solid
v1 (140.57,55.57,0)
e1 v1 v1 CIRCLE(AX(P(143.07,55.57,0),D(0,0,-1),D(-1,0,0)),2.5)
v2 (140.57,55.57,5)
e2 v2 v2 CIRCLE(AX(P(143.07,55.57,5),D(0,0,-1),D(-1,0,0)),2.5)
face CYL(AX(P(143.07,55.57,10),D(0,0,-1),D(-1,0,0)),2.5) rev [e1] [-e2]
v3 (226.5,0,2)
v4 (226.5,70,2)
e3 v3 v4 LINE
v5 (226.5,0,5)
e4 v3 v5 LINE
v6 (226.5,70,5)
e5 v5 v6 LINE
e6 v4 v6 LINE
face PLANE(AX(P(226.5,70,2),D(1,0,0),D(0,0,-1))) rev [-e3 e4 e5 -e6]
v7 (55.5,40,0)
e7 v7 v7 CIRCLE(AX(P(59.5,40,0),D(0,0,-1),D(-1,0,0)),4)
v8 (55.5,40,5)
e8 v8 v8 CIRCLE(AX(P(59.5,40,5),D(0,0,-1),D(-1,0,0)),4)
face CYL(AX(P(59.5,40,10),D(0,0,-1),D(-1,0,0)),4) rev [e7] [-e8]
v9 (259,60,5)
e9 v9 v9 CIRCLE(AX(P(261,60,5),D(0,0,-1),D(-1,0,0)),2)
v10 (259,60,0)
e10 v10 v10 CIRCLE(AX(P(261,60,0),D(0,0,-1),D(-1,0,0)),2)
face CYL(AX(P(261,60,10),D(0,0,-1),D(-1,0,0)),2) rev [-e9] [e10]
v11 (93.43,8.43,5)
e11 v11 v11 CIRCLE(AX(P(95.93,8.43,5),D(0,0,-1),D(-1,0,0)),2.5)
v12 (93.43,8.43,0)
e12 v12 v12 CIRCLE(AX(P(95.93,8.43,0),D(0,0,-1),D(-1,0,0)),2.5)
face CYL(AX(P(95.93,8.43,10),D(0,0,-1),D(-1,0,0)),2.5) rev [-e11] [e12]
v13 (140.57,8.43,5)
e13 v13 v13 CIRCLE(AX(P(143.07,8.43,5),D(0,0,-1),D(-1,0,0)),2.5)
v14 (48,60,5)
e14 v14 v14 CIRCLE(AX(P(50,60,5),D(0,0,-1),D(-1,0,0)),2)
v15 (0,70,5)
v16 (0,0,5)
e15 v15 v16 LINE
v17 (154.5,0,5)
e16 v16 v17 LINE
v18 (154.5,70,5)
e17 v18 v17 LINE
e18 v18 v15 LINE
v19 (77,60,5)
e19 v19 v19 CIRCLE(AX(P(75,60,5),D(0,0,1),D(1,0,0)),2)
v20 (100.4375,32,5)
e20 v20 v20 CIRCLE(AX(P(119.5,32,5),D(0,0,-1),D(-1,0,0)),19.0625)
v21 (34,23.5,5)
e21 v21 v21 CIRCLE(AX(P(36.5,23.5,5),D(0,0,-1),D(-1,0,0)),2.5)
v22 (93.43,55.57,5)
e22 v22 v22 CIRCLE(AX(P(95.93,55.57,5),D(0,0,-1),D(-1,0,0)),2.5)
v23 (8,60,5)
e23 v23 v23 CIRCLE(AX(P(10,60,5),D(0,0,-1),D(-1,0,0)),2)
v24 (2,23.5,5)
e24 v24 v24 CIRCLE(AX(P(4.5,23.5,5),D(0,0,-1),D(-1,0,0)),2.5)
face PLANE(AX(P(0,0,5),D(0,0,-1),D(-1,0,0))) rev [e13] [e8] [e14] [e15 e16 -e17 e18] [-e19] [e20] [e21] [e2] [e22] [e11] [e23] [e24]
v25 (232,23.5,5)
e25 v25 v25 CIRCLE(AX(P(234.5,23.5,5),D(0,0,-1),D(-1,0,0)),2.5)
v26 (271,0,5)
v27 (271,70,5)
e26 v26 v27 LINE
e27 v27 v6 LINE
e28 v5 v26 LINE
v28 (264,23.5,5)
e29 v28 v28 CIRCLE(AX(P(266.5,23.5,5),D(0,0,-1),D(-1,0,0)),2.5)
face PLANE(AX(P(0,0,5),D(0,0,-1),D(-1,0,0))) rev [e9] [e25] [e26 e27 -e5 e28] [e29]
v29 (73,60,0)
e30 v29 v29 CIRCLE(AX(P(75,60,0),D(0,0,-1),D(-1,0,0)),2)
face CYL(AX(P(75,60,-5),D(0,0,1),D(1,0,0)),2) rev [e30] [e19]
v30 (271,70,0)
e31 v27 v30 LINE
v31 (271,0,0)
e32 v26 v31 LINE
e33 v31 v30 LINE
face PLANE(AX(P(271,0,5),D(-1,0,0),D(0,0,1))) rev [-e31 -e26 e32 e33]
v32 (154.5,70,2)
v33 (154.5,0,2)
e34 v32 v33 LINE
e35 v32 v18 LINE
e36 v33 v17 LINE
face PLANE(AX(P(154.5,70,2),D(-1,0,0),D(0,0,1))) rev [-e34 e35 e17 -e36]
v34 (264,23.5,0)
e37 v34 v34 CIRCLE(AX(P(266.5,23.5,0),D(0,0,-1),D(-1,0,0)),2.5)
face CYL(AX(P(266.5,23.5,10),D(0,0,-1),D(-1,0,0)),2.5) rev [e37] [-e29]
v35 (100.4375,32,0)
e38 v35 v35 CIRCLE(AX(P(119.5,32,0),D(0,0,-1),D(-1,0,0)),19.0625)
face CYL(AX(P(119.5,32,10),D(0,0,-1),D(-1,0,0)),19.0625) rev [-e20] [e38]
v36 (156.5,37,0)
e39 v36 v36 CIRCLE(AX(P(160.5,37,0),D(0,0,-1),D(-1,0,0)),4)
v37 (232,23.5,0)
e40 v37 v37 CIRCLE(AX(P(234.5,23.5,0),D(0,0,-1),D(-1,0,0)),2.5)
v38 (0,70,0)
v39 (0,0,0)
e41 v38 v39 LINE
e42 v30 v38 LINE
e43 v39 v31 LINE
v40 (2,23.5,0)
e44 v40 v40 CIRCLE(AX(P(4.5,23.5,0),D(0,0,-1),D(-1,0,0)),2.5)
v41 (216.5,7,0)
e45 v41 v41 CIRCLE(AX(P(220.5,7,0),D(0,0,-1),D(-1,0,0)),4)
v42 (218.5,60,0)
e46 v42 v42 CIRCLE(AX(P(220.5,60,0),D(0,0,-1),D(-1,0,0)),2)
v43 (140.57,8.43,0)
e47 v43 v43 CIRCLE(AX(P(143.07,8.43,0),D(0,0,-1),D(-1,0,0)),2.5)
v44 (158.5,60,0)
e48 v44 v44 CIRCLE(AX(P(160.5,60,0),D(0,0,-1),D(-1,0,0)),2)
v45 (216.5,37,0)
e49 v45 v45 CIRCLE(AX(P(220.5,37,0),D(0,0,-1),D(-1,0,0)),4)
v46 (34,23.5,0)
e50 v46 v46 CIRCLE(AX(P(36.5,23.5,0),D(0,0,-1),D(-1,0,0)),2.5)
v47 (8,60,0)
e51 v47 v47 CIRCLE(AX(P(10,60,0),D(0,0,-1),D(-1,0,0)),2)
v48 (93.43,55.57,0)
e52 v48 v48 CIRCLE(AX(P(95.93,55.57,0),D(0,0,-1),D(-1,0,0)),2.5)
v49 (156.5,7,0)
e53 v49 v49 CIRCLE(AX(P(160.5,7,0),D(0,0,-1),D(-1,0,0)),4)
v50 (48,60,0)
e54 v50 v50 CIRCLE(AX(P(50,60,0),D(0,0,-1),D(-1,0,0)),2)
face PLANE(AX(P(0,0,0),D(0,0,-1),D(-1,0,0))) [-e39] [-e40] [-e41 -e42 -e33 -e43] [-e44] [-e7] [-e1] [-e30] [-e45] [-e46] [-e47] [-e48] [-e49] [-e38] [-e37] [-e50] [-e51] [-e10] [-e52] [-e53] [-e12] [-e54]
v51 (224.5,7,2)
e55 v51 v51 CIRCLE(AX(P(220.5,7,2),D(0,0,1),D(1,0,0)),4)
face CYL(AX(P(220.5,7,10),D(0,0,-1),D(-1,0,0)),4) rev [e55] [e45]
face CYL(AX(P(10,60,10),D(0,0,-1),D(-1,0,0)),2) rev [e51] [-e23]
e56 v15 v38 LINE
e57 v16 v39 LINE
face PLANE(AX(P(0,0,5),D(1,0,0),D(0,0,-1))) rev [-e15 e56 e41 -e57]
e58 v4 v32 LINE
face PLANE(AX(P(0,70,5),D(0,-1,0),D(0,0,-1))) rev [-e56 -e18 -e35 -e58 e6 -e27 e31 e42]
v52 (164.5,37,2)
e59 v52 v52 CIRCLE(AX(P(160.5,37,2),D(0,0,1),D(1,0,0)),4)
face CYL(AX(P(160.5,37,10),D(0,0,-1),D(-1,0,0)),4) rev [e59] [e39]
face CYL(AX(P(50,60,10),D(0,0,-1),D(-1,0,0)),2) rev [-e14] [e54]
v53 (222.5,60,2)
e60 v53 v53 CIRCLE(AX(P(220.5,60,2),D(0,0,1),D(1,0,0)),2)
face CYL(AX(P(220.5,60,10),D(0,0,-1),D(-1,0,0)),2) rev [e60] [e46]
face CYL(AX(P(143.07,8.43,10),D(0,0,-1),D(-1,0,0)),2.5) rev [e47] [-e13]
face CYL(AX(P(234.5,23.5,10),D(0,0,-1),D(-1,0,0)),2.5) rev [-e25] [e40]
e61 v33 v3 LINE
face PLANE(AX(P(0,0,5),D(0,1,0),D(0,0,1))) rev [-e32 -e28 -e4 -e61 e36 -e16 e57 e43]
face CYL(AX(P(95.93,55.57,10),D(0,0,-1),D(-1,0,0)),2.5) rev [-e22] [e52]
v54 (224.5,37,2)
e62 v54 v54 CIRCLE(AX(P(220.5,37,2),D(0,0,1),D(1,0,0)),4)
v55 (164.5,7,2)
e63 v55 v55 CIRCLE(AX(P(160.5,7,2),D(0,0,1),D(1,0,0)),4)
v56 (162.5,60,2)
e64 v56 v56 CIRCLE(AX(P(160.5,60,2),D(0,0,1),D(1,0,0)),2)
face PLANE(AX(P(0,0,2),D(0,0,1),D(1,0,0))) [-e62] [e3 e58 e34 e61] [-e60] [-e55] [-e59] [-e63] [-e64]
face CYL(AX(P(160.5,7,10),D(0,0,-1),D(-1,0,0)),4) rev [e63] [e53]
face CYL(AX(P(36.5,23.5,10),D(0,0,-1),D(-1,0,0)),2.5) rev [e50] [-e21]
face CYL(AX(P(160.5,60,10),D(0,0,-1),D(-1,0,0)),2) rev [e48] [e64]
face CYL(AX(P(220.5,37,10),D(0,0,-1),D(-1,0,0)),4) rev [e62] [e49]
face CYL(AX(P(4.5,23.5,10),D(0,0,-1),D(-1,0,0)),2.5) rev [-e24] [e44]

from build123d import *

# Parameters (mm, degrees)
SKIZZE1_W                       = 271
SKIZZE1_H                       = 70
AUFSATZ_LINEAR_AUSTRAGEN1_DEPTH = 5
SKIZZE2_W                       = 72
SKIZZE2_H                       = 70
SCHNITT_LINEAR_AUSTRAGEN1_DEPTH = 3
SKIZZE3_R                       = 4
SCHNITT_LINEAR_AUSTRAGEN2_DEPTH = 10
SKIZZE4_R                       = 2.5
SCHNITT_LINEAR_AUSTRAGEN3_DEPTH = 10
SKIZZE5_R                       = 2.5
SCHNITT_LINEAR_AUSTRAGEN4_DEPTH = 10
SKIZZE6_R                       = 2
SCHNITT_LINEAR_AUSTRAGEN5_DEPTH = 10
SKIZZE7_R                       = 19.0625
SKIZZE7_R_2                     = 2.5
SCHNITT_LINEAR_AUSTRAGEN6_DEPTH = 10
SKIZZE8_R                       = 4
SCHNITT_LINEAR_AUSTRAGEN7_DEPTH = 10
SKIZZE9_R                       = 2
SCHNITT_LINEAR_AUSTRAGEN8_DEPTH = 10


with BuildPart() as part:
    # Skizze1 → Aufsatz-Linear austragen1 (new body)
    with BuildSketch(Plane.XY):
        with Locations((135.5, 35)):
            Rectangle(SKIZZE1_W, SKIZZE1_H)
    extrude(amount=AUFSATZ_LINEAR_AUSTRAGEN1_DEPTH)

    # Skizze2 → Schnitt-Linear austragen1 (cut)
    with BuildSketch(Plane.XY.offset(5)):
        with Locations((190.5, 35)):
            Rectangle(SKIZZE2_W, SKIZZE2_H)
    extrude(amount=-SCHNITT_LINEAR_AUSTRAGEN1_DEPTH, mode=Mode.SUBTRACT)

    # Skizze3 → Schnitt-Linear austragen2 (cut)
    with BuildSketch(Plane(origin=(0, 0, 0), x_dir=(-1, 0, 0), z_dir=(0, 0, -1))):
        with Locations((-160.5, 37)):
            Circle(SKIZZE3_R)
        with Locations((-220.5, 37)):
            Circle(SKIZZE3_R)
        with Locations((-220.5, 7)):
            Circle(SKIZZE3_R)
        with Locations((-160.5, 7)):
            Circle(SKIZZE3_R)
    extrude(amount=-SCHNITT_LINEAR_AUSTRAGEN2_DEPTH, mode=Mode.SUBTRACT)

    # Skizze4 → Schnitt-Linear austragen3 (cut)
    with BuildSketch(Plane(origin=(0, 0, 0), x_dir=(-1, 0, 0), z_dir=(0, 0, -1))):
        with Locations((-234.5, 23.5)):
            Circle(SKIZZE4_R)
        with Locations((-266.5, 23.5)):
            Circle(SKIZZE4_R)
    extrude(amount=-SCHNITT_LINEAR_AUSTRAGEN3_DEPTH, mode=Mode.SUBTRACT)

    # Skizze5 → Schnitt-Linear austragen4 (cut)
    with BuildSketch(Plane(origin=(0, 0, 0), x_dir=(-1, 0, 0), z_dir=(0, 0, -1))):
        with Locations((-36.5, 23.5)):
            Circle(SKIZZE5_R)
        with Locations((-4.5, 23.5)):
            Circle(SKIZZE5_R)
    extrude(amount=-SCHNITT_LINEAR_AUSTRAGEN4_DEPTH, mode=Mode.SUBTRACT)

    # Skizze6 → Schnitt-Linear austragen5 (cut)
    with BuildSketch(Plane(origin=(0, 0, 0), x_dir=(-1, 0, 0), z_dir=(0, 0, -1))):
        with Locations((-10, 60)):
            Circle(SKIZZE6_R)
        with Locations((-50, 60)):
            Circle(SKIZZE6_R)
        with Locations((-160.5, 60)):
            Circle(SKIZZE6_R)
        with Locations((-220.5, 60)):
            Circle(SKIZZE6_R)
        with Locations((-261, 60)):
            Circle(SKIZZE6_R)
    extrude(amount=-SCHNITT_LINEAR_AUSTRAGEN5_DEPTH, mode=Mode.SUBTRACT)

    # Skizze7 → Schnitt-Linear austragen6 (cut)
    with BuildSketch(Plane(origin=(0, 0, 0), x_dir=(-1, 0, 0), z_dir=(0, 0, -1))):
        with Locations((-119.5, 32)):
            Circle(SKIZZE7_R)
        with Locations((-95.93, 8.43)):
            Circle(SKIZZE7_R_2)
        with Locations((-143.07, 8.43)):
            Circle(SKIZZE7_R_2)
        with Locations((-95.93, 55.57)):
            Circle(SKIZZE7_R_2)
        with Locations((-143.07, 55.57)):
            Circle(SKIZZE7_R_2)
    extrude(amount=-SCHNITT_LINEAR_AUSTRAGEN6_DEPTH, mode=Mode.SUBTRACT)

    # Skizze8 → Schnitt-Linear austragen7 (cut)
    with BuildSketch(Plane(origin=(0, 0, 0), x_dir=(-1, 0, 0), z_dir=(0, 0, -1))):
        with Locations((-59.5, 40)):
            Circle(SKIZZE8_R)
    extrude(amount=-SCHNITT_LINEAR_AUSTRAGEN7_DEPTH, mode=Mode.SUBTRACT)

    # Skizze9 → Schnitt-Linear austragen8 (cut)
    with BuildSketch(Plane.XY.offset(5)):
        with Locations((75, 60)):
            Circle(SKIZZE9_R)
    extrude(amount=-SCHNITT_LINEAR_AUSTRAGEN8_DEPTH, mode=Mode.SUBTRACT)


solid = part.part
